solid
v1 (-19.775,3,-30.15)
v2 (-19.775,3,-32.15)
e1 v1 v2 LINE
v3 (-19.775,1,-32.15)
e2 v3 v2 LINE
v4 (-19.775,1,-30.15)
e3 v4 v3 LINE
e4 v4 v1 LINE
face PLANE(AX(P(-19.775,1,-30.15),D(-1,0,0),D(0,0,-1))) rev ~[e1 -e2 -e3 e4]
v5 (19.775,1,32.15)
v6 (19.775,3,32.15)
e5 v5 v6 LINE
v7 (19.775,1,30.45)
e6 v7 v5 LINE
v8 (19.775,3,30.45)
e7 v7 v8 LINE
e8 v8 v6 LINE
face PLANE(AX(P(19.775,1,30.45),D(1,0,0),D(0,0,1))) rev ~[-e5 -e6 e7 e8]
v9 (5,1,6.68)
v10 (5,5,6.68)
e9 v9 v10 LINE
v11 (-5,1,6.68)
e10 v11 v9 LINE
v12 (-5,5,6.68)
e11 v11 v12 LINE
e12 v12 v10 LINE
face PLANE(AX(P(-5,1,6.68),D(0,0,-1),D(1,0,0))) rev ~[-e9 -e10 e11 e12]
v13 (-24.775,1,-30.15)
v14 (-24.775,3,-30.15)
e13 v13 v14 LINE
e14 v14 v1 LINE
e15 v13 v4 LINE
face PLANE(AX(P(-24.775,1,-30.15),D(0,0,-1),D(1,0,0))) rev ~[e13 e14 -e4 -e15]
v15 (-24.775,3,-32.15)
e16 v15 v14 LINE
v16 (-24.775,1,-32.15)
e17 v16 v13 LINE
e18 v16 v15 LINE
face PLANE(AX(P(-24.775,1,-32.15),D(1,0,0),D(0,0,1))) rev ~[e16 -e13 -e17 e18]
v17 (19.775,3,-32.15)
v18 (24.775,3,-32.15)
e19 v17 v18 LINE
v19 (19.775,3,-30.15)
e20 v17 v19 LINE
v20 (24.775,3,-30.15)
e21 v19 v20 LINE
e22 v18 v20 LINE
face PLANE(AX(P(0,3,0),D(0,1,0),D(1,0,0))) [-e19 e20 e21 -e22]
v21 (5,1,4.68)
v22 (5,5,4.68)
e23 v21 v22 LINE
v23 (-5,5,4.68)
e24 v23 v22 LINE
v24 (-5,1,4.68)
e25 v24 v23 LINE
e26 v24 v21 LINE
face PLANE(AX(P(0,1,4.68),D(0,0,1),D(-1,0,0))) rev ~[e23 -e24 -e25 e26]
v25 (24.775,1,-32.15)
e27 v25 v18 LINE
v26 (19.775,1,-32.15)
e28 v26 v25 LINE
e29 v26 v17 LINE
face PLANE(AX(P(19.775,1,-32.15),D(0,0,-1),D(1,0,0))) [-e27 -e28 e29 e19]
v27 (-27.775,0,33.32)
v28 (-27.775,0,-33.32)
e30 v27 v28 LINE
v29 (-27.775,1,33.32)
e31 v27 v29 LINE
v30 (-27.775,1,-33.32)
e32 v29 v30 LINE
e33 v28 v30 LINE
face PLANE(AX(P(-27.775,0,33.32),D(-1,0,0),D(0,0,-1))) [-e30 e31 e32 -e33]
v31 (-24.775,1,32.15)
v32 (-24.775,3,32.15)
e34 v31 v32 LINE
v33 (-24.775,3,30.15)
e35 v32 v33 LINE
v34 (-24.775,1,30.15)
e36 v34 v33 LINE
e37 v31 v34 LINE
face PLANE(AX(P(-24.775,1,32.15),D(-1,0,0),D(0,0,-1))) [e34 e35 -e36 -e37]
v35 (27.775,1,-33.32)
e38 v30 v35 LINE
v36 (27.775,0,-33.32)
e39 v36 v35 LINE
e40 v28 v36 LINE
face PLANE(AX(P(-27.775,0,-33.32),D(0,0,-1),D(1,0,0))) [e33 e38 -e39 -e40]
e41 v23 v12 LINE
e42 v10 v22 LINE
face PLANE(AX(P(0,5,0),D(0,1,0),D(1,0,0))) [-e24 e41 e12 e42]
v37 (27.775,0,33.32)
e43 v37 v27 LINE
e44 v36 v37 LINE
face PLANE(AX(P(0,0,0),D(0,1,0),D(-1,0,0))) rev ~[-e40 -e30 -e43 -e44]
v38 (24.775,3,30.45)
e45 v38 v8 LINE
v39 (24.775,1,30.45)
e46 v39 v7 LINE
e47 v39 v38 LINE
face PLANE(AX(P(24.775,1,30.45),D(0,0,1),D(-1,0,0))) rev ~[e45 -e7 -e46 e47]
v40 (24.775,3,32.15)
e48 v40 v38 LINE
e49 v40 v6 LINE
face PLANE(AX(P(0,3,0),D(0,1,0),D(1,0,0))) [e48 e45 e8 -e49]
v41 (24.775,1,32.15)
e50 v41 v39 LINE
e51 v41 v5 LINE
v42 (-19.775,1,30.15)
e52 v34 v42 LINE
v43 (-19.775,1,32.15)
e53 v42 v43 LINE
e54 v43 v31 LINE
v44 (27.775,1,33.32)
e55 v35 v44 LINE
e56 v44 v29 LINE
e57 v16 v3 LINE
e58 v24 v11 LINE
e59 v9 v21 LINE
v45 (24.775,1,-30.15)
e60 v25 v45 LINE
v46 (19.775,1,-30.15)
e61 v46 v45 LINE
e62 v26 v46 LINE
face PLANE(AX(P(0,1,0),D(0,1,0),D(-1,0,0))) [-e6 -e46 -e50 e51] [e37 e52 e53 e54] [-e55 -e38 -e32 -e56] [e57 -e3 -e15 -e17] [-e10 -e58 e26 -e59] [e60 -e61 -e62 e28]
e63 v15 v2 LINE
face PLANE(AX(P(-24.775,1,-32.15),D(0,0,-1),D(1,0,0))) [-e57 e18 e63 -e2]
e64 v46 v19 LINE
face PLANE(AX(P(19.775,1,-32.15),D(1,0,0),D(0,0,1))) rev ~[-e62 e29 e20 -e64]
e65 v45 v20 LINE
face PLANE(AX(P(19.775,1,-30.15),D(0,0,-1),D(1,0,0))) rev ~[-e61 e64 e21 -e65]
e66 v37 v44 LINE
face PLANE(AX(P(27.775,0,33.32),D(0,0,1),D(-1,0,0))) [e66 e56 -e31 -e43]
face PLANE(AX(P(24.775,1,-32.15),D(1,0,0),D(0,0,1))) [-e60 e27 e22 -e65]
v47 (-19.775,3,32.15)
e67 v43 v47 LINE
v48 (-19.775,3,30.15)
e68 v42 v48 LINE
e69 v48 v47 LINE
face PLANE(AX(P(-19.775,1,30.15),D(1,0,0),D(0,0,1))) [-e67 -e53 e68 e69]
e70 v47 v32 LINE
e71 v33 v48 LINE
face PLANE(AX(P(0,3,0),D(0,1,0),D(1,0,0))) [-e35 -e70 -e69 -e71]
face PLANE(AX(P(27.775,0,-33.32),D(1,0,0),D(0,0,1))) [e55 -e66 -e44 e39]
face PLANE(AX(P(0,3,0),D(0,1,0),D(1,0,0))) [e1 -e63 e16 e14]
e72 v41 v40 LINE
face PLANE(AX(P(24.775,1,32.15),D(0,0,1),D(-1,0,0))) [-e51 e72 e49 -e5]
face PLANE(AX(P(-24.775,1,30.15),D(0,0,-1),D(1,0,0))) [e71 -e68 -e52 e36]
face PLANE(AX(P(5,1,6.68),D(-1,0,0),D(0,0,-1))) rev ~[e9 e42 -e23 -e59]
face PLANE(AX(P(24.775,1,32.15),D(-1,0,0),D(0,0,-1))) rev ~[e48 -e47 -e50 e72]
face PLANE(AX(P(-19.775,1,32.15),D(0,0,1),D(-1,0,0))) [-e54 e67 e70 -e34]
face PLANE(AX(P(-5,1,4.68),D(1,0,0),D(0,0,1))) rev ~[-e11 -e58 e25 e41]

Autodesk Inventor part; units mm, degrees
ref_plane "YZ Plane" through (0, 0, 0) normal (1, 0, 0) x (0, 1, 0)
ref_plane "XZ Plane" through (0, 0, 0) normal (0, 1, 0) x (-1, 0, 0)
ref_plane "XY Plane" through (0, 0, 0) normal (0, 0, 1) x (1, 0, 0)
sketch "Sketch1" plane through (0, 0, 0) normal (0, 1, 0) x (-1, 0, 0)
  line L0 (27.775, -33.32) -> (-27.775, -33.32)
  line L1 (-27.775, -33.32) -> (-27.775, 33.32)
  line L2 (-27.775, 33.32) -> (27.775, 33.32)
  line L3 (27.775, 33.32) -> (27.775, -33.32)
  line L4 (27.775, -33.32) -> (-27.775, 33.32) construction
  line L5 (-27.775, -33.32) -> (27.775, 33.32) construction
  line L6 (26.775, -32.3) -> (-26.775, -32.3)
  line L7 (-26.775, -32.3) -> (-26.775, 32.3)
  line L8 (-26.775, 32.3) -> (26.775, 32.3)
  line L9 (26.775, 32.3) -> (26.775, -32.3)
  line L10 (26.775, -32.3) -> (-26.775, 32.3) construction
  line L11 (-26.775, -32.3) -> (26.775, 32.3) construction
  point P0 (0, 0)
  dimension "d0" = 66.64
  dimension "d1" = 55.55
  dimension "d2" = 64.6
  dimension "d3" = 53.55
extrude "Extrusion1" add sketch "Sketch1" along normal blind 1 contours L0 L1 L2 L3 | L6 L7 L8 L9
sketch "Sketch2" plane through (0, 1, 0) normal (0, 1, 0) x (1, 0, 0)
  line L0 (-26.775, 32.15) -> (26.775, 32.15)
  line L1 (26.775, 32.15) -> (26.775, -32.15)
  line L2 (26.775, -32.15) -> (-26.775, -32.15)
  line L3 (-26.775, -32.15) -> (-26.775, 32.15)
  line L4 (-26.775, 32.15) -> (26.775, -32.15) construction
  line L5 (26.775, 32.15) -> (-26.775, -32.15) construction
  line L6 (-26.775, 32.15) -> (-24.775, 32.15)
  line L7 (-24.775, 32.15) -> (-24.775, 30.15)
  line L8 (-24.775, 30.15) -> (-26.775, 30.15) construction
  line L9 (-26.775, 30.15) -> (-26.775, 32.15)
  line L10 (-24.775, 30.15) -> (-19.775, 30.15)
  line L11 (-19.775, 30.15) -> (-19.775, 32.15)
  line L12 (-19.775, 32.15) -> (-24.775, 32.15)
  line L13 (-24.775, 32.15) -> (-24.775, 30.15)
  line L14 (26.775, 32.15) -> (24.775, 32.15)
  line L15 (24.775, 32.15) -> (24.775, 30.15)
  line L16 (24.775, 30.15) -> (26.775, 30.15) construction
  line L17 (26.775, 30.15) -> (26.775, 32.15)
  line L18 (24.775, 32.15) -> (19.775, 32.15)
  line L19 (19.775, 32.15) -> (19.775, 30.15)
  line L20 (19.775, 30.15) -> (24.775, 30.15)
  line L21 (24.775, 30.15) -> (24.775, 32.15)
  line L22 (-26.775, -32.15) -> (-24.775, -32.15)
  line L23 (-24.775, -32.15) -> (-24.775, -30.15)
  line L24 (-24.775, -30.15) -> (-26.775, -30.15) construction
  line L25 (-26.775, -30.15) -> (-26.775, -32.15)
  line L26 (-24.775, -30.15) -> (-19.775, -30.15)
  line L27 (-19.775, -30.15) -> (-19.775, -32.15)
  line L28 (-19.775, -32.15) -> (-24.775, -32.15)
  line L29 (-24.775, -32.15) -> (-24.775, -30.15)
  line L30 (26.775, -32.15) -> (24.775, -32.15)
  line L31 (24.775, -32.15) -> (24.775, -30.45)
  line L32 (24.775, -30.45) -> (26.775, -30.45) construction
  line L33 (26.775, -30.45) -> (26.775, -32.15)
  line L34 (24.775, -30.45) -> (19.775, -30.45)
  line L35 (19.775, -30.45) -> (19.775, -32.15)
  line L36 (19.775, -32.15) -> (24.775, -32.15)
  line L37 (24.775, -32.15) -> (24.775, -30.45)
  point P0 (0, 0)
  point P1 (-24.775, -32.15)
  point P2 (-24.775, 32.15)
  dimension "d6" = 53.55
  dimension "d7" = 64.3
  dimension "d8" = 2
  dimension "d9" = 2
  dimension "d10" = 5
  dimension "d11" = 2
  dimension "d12" = 2
  dimension "d13" = 5
  dimension "d14" = 2
  dimension "d15" = 2
  dimension "d16" = 5
  dimension "d17" = 2
  dimension "d18" = 5
extrude "Extrusion2" add sketch "Sketch2" along normal blind 2 contours L0 L11 L10 L7 | L0 L15 L20 L19 | L23 L26 L27 L2 | L35 L34 L31 L2
sketch "Sketch3" plane through (0, 1, 0) normal (0, 1, 0) x (1, 0, 0)
  line L0 (27.775, 33.32) -> (-27.775, 33.32) projected
  line L1 (0, 33.32) -> (0, -4.68)
  line L2 (0, -4.68) -> (5, -4.68)
  line L3 (0, -4.68) -> (-5, -4.68)
  line L4 (-5, -4.68) -> (-5, -6.68)
  line L5 (-5, -6.68) -> (5, -6.68)
  line L6 (5, -6.68) -> (5, -4.68)
  point P0 (0, 0)
  dimension "d21" = 38
  dimension "d22" = 5
  dimension "d23" = 5
  dimension "d24" = 2
extrude "Extrusion3" add sketch "Sketch3" along normal blind 4
properties part number "bottomplate"
